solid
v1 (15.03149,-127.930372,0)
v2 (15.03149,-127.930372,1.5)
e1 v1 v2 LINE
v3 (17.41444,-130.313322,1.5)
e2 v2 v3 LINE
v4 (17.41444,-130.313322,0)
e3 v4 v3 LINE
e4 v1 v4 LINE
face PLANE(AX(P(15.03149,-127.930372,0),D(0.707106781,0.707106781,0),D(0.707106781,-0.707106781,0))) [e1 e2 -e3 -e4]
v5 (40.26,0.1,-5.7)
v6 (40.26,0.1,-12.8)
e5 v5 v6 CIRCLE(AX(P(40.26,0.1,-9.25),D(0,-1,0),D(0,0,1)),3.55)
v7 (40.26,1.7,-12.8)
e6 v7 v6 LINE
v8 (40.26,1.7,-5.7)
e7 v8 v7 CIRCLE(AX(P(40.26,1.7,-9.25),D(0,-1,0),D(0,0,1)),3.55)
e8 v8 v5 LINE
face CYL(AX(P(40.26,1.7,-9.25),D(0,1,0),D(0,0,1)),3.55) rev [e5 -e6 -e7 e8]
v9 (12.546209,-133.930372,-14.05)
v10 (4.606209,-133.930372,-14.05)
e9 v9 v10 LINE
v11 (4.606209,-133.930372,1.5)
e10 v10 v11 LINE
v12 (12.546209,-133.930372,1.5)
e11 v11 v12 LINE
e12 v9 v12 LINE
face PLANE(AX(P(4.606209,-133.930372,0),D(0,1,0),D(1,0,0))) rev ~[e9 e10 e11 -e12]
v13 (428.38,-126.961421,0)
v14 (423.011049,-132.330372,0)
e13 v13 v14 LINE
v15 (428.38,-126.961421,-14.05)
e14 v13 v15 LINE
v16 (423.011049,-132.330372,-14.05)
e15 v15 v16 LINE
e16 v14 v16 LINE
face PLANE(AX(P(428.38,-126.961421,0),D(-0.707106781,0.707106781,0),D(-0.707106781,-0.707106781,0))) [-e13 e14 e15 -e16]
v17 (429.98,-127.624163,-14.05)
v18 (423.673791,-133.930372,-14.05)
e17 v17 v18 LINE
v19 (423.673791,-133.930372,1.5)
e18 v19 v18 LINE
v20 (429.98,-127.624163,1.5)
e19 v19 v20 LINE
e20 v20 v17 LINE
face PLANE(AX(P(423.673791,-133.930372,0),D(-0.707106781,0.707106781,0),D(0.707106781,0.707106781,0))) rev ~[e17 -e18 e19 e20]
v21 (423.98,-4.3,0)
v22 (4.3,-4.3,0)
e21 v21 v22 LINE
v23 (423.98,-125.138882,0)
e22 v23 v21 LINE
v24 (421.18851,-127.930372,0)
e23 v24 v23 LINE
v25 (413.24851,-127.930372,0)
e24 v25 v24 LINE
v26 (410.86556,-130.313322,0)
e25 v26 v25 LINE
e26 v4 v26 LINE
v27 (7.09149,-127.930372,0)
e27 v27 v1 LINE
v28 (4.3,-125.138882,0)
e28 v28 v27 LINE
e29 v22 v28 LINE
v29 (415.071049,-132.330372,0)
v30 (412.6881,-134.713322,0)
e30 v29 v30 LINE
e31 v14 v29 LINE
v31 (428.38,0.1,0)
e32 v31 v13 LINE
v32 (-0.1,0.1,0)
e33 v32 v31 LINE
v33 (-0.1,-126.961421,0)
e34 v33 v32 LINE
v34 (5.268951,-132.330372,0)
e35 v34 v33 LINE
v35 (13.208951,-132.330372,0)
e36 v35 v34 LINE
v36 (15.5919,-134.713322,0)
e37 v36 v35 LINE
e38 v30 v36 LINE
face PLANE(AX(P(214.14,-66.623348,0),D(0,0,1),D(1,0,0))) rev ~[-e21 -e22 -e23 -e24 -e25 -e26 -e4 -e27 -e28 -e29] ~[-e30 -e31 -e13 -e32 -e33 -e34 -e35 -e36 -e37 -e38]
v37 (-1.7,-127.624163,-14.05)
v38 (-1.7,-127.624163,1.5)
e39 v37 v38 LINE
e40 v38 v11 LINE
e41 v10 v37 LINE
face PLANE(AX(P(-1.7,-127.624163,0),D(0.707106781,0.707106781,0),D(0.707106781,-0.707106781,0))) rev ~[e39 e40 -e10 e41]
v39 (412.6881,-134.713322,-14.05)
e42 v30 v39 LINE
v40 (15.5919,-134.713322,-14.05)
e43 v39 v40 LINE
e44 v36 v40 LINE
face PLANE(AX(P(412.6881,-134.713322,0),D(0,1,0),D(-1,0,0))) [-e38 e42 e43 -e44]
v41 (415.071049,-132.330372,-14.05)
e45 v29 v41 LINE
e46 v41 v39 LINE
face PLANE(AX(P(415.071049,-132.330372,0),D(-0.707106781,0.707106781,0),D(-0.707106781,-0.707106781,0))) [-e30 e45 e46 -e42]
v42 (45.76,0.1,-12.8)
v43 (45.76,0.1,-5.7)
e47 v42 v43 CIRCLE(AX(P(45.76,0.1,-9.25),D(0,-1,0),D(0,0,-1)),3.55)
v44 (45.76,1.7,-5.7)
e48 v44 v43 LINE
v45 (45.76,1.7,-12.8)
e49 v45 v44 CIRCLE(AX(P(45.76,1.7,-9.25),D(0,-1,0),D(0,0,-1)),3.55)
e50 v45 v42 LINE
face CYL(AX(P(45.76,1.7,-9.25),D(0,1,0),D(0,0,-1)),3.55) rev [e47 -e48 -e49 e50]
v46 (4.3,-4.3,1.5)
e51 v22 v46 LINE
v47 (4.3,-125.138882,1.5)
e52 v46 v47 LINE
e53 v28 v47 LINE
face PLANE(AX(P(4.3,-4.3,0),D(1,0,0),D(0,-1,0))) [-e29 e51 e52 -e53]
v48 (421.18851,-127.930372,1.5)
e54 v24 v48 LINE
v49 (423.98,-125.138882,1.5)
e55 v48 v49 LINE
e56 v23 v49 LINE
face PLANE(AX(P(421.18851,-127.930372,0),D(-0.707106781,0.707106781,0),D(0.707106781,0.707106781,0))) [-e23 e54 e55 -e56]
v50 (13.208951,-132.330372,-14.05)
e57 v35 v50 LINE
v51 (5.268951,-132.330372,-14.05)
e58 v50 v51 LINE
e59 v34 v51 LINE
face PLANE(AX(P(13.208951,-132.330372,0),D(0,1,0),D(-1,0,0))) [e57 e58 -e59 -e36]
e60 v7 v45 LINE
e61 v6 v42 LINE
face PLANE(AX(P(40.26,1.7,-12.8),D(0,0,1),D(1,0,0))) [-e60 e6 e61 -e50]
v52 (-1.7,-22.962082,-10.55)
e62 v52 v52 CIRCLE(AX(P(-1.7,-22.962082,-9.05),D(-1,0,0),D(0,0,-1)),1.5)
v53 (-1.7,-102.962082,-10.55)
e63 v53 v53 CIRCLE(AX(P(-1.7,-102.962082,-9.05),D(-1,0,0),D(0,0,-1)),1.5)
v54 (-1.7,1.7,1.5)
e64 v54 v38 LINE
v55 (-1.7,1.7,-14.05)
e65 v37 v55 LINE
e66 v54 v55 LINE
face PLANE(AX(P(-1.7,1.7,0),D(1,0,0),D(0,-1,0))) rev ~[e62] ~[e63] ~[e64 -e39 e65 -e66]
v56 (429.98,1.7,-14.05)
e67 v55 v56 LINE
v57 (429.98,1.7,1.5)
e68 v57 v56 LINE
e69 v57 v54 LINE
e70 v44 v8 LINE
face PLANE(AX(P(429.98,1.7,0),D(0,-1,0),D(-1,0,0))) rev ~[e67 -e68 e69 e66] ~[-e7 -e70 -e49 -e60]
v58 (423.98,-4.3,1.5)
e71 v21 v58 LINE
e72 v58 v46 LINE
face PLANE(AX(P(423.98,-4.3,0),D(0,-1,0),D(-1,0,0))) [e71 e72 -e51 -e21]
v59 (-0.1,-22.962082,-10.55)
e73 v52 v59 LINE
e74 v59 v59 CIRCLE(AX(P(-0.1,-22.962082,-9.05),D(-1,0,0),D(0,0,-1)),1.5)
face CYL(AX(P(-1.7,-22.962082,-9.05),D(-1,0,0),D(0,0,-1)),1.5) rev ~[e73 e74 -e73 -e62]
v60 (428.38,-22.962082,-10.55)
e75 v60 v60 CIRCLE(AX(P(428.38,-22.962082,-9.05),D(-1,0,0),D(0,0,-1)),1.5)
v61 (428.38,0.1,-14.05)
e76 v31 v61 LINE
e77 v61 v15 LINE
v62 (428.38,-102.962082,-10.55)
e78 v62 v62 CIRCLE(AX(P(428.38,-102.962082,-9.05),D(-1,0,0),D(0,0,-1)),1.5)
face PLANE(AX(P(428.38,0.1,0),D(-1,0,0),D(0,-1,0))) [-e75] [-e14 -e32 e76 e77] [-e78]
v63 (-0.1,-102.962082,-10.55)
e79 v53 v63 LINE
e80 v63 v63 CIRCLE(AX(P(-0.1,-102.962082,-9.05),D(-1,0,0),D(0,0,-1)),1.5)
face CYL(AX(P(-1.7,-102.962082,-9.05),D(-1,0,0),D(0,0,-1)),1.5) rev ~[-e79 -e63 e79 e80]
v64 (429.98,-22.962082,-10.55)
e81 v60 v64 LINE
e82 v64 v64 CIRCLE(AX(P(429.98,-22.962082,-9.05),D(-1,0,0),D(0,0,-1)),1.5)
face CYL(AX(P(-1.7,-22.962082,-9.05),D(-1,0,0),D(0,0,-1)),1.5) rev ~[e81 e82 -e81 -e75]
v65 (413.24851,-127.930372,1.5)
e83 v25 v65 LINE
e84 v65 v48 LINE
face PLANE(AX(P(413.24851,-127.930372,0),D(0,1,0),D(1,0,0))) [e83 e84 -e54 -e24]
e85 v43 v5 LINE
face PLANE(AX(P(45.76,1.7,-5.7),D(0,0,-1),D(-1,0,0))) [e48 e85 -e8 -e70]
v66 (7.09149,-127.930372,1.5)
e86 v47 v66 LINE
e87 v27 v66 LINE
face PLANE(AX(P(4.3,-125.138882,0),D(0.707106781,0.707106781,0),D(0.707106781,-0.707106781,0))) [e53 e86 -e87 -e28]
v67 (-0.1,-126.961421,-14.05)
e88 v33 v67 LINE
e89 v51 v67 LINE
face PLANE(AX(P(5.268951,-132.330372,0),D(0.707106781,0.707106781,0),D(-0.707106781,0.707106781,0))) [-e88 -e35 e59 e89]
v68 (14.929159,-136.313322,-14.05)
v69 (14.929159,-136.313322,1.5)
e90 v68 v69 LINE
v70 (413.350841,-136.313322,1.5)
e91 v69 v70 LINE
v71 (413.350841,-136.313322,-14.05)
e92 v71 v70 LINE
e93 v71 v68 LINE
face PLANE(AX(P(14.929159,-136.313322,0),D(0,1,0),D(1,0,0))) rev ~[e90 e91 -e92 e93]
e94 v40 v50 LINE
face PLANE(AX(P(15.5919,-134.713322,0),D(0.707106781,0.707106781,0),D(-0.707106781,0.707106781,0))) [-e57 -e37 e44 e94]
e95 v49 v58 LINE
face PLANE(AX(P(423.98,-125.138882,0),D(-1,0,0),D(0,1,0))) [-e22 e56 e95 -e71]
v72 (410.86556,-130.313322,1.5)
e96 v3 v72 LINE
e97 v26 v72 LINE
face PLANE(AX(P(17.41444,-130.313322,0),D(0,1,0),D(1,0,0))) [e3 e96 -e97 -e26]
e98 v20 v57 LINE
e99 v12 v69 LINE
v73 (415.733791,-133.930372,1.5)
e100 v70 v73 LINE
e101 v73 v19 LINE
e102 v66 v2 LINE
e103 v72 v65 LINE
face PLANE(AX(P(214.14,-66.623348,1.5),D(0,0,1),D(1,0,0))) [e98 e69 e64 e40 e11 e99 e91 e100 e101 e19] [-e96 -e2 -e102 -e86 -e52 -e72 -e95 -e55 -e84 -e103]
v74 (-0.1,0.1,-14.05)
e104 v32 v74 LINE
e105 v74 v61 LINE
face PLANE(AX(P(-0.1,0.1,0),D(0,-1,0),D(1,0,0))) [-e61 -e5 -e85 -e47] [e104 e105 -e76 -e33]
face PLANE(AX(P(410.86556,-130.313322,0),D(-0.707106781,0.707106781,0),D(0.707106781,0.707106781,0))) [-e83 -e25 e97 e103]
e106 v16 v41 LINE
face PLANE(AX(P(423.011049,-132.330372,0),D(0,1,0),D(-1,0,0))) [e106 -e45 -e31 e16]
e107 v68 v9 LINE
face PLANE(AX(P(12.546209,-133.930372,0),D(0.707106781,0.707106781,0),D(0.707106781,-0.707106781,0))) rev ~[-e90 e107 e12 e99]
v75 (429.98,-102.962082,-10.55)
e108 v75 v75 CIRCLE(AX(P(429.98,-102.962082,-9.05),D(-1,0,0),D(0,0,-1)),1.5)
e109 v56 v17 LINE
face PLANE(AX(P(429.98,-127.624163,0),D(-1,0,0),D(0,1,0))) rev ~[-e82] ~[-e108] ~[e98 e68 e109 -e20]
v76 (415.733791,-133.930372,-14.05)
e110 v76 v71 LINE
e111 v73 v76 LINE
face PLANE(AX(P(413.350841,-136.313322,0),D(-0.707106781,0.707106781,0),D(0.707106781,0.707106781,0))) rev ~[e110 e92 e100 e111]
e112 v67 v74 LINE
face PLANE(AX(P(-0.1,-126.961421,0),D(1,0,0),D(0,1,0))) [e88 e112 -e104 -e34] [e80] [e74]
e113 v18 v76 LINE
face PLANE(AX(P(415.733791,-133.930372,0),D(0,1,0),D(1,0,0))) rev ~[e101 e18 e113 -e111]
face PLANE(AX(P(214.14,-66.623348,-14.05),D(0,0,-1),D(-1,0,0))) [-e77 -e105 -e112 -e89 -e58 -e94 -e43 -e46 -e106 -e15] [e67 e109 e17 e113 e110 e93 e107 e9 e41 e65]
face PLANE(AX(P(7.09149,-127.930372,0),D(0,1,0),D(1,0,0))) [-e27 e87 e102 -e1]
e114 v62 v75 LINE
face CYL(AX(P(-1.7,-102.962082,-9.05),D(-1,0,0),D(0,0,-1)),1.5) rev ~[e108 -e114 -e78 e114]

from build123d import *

# Parameters (mm, degrees)
P_IDAT_VYSUNUT_M1_DEPTH  = 14.05
P_IDAT_VYSUNUT_M2_DEPTH  = 1.5
ODEBRAT_VYSUNUT_M1_DEPTH = 1.6
ODEBRAT_VYSUNUT_M2_REACH = 454.909
SKICA4_R                 = 1.5


with BuildPart() as part:
    # Skica1 → Přidat vysunutím1 (new body)
    with BuildSketch(Plane.XY):
        Polygon((-1.7, 1.7), (429.98, 1.7), (429.98, -127.624163056), (423.673791129, -133.930371927), (415.733791129, -133.930371927), (413.350841277, -136.313321779), (14.929158723, -136.313321779), (12.546208871, -133.930371927), (4.606208871, -133.930371927), (-1.7, -127.624163056), align=None)
        Polygon((-0.1, 0.1), (428.38, 0.1), (428.38, -126.961421356), (423.01104943, -132.330371927), (415.07104943, -132.330371927), (412.688099577, -134.713321779), (15.591900423, -134.713321779), (13.20895057, -132.330371927), (5.26895057, -132.330371927), (-0.1, -126.961421356), align=None, mode=Mode.SUBTRACT)
    extrude(amount=-P_IDAT_VYSUNUT_M1_DEPTH)

    # Skica2 → Přidat vysunutím2 (add)
    with BuildSketch(Plane.XY):
        Polygon((-1.7, 1.7), (-1.7, -127.624163056), (4.606208871, -133.930371927), (12.546208871, -133.930371927), (14.929158723, -136.313321779), (413.350841277, -136.313321779), (415.733791129, -133.930371927), (423.673791129, -133.930371927), (429.98, -127.624163056), (429.98, 1.7), align=None)
        Polygon((4.3, -4.3), (4.3, -125.138881682), (7.091490245, -127.930371927), (15.031490245, -127.930371927), (17.414440098, -130.313321779), (410.865559902, -130.313321779), (413.248509755, -127.930371927), (421.188509755, -127.930371927), (423.98, -125.138881682), (423.98, -4.3), align=None, mode=Mode.SUBTRACT)
    extrude(amount=P_IDAT_VYSUNUT_M2_DEPTH)

    # Skica3 → Odebrat vysunutím1 (cut)
    with BuildSketch(Plane(origin=(0, 1.7, 0), x_dir=(1, 0, 0), z_dir=(0, 1, 0))):
        with BuildLine():
            Line((45.76, 5.7), (40.26, 5.7))
            ThreePointArc((40.26, 5.7), (36.71, 9.25), (40.26, 12.8))
            Line((40.26, 12.8), (45.76, 12.8))
            ThreePointArc((45.76, 12.8), (49.31, 9.25), (45.76, 5.7))
        make_face()
    extrude(amount=-ODEBRAT_VYSUNUT_M1_DEPTH, mode=Mode.SUBTRACT)

    # Odebrat vysunutím2: up to this face of the body (flat: up to its plane)
    odebrat_vysunut_m2_end = Plane(part.part.faces().sort_by_distance((429.98, -62.962081528, -6.275))[0])
    # Skica4 → Odebrat vysunutím2 (cut, up to the picked face)
    with BuildSketch(Plane.ZY.offset(1.7), mode=Mode.PRIVATE) as odebrat_vysunut_m2_sk1:
        with Locations(Location((-9.05, -22.962081528, 0), (0, 0, 180))):
            Circle(SKICA4_R)
    odebrat_vysunut_m2_tool1 = split(extrude(odebrat_vysunut_m2_sk1.sketch, amount=-ODEBRAT_VYSUNUT_M2_REACH, mode=Mode.PRIVATE), bisect_by=odebrat_vysunut_m2_end, keep=Keep.BOTH, mode=Mode.PRIVATE)
    # Skica4 → Odebrat vysunutím2 (cut, up to the picked face)
    with BuildSketch(Plane.ZY.offset(1.7), mode=Mode.PRIVATE) as odebrat_vysunut_m2_sk2:
        with Locations(Location((-9.05, -102.962081528, 0), (0, 0, 180))):
            Circle(SKICA4_R)
    odebrat_vysunut_m2_tool2 = split(extrude(odebrat_vysunut_m2_sk2.sketch, amount=-ODEBRAT_VYSUNUT_M2_REACH, mode=Mode.PRIVATE), bisect_by=odebrat_vysunut_m2_end, keep=Keep.BOTH, mode=Mode.PRIVATE)
    add(odebrat_vysunut_m2_tool1.solids().sort_by(Axis((-1.7, -22.962082, -9.05), (1, 0, 0)))[0], mode=Mode.SUBTRACT)
    add(odebrat_vysunut_m2_tool2.solids().sort_by(Axis((-1.7, -102.962082, -9.05), (1, 0, 0)))[0], mode=Mode.SUBTRACT)


solid = part.part
